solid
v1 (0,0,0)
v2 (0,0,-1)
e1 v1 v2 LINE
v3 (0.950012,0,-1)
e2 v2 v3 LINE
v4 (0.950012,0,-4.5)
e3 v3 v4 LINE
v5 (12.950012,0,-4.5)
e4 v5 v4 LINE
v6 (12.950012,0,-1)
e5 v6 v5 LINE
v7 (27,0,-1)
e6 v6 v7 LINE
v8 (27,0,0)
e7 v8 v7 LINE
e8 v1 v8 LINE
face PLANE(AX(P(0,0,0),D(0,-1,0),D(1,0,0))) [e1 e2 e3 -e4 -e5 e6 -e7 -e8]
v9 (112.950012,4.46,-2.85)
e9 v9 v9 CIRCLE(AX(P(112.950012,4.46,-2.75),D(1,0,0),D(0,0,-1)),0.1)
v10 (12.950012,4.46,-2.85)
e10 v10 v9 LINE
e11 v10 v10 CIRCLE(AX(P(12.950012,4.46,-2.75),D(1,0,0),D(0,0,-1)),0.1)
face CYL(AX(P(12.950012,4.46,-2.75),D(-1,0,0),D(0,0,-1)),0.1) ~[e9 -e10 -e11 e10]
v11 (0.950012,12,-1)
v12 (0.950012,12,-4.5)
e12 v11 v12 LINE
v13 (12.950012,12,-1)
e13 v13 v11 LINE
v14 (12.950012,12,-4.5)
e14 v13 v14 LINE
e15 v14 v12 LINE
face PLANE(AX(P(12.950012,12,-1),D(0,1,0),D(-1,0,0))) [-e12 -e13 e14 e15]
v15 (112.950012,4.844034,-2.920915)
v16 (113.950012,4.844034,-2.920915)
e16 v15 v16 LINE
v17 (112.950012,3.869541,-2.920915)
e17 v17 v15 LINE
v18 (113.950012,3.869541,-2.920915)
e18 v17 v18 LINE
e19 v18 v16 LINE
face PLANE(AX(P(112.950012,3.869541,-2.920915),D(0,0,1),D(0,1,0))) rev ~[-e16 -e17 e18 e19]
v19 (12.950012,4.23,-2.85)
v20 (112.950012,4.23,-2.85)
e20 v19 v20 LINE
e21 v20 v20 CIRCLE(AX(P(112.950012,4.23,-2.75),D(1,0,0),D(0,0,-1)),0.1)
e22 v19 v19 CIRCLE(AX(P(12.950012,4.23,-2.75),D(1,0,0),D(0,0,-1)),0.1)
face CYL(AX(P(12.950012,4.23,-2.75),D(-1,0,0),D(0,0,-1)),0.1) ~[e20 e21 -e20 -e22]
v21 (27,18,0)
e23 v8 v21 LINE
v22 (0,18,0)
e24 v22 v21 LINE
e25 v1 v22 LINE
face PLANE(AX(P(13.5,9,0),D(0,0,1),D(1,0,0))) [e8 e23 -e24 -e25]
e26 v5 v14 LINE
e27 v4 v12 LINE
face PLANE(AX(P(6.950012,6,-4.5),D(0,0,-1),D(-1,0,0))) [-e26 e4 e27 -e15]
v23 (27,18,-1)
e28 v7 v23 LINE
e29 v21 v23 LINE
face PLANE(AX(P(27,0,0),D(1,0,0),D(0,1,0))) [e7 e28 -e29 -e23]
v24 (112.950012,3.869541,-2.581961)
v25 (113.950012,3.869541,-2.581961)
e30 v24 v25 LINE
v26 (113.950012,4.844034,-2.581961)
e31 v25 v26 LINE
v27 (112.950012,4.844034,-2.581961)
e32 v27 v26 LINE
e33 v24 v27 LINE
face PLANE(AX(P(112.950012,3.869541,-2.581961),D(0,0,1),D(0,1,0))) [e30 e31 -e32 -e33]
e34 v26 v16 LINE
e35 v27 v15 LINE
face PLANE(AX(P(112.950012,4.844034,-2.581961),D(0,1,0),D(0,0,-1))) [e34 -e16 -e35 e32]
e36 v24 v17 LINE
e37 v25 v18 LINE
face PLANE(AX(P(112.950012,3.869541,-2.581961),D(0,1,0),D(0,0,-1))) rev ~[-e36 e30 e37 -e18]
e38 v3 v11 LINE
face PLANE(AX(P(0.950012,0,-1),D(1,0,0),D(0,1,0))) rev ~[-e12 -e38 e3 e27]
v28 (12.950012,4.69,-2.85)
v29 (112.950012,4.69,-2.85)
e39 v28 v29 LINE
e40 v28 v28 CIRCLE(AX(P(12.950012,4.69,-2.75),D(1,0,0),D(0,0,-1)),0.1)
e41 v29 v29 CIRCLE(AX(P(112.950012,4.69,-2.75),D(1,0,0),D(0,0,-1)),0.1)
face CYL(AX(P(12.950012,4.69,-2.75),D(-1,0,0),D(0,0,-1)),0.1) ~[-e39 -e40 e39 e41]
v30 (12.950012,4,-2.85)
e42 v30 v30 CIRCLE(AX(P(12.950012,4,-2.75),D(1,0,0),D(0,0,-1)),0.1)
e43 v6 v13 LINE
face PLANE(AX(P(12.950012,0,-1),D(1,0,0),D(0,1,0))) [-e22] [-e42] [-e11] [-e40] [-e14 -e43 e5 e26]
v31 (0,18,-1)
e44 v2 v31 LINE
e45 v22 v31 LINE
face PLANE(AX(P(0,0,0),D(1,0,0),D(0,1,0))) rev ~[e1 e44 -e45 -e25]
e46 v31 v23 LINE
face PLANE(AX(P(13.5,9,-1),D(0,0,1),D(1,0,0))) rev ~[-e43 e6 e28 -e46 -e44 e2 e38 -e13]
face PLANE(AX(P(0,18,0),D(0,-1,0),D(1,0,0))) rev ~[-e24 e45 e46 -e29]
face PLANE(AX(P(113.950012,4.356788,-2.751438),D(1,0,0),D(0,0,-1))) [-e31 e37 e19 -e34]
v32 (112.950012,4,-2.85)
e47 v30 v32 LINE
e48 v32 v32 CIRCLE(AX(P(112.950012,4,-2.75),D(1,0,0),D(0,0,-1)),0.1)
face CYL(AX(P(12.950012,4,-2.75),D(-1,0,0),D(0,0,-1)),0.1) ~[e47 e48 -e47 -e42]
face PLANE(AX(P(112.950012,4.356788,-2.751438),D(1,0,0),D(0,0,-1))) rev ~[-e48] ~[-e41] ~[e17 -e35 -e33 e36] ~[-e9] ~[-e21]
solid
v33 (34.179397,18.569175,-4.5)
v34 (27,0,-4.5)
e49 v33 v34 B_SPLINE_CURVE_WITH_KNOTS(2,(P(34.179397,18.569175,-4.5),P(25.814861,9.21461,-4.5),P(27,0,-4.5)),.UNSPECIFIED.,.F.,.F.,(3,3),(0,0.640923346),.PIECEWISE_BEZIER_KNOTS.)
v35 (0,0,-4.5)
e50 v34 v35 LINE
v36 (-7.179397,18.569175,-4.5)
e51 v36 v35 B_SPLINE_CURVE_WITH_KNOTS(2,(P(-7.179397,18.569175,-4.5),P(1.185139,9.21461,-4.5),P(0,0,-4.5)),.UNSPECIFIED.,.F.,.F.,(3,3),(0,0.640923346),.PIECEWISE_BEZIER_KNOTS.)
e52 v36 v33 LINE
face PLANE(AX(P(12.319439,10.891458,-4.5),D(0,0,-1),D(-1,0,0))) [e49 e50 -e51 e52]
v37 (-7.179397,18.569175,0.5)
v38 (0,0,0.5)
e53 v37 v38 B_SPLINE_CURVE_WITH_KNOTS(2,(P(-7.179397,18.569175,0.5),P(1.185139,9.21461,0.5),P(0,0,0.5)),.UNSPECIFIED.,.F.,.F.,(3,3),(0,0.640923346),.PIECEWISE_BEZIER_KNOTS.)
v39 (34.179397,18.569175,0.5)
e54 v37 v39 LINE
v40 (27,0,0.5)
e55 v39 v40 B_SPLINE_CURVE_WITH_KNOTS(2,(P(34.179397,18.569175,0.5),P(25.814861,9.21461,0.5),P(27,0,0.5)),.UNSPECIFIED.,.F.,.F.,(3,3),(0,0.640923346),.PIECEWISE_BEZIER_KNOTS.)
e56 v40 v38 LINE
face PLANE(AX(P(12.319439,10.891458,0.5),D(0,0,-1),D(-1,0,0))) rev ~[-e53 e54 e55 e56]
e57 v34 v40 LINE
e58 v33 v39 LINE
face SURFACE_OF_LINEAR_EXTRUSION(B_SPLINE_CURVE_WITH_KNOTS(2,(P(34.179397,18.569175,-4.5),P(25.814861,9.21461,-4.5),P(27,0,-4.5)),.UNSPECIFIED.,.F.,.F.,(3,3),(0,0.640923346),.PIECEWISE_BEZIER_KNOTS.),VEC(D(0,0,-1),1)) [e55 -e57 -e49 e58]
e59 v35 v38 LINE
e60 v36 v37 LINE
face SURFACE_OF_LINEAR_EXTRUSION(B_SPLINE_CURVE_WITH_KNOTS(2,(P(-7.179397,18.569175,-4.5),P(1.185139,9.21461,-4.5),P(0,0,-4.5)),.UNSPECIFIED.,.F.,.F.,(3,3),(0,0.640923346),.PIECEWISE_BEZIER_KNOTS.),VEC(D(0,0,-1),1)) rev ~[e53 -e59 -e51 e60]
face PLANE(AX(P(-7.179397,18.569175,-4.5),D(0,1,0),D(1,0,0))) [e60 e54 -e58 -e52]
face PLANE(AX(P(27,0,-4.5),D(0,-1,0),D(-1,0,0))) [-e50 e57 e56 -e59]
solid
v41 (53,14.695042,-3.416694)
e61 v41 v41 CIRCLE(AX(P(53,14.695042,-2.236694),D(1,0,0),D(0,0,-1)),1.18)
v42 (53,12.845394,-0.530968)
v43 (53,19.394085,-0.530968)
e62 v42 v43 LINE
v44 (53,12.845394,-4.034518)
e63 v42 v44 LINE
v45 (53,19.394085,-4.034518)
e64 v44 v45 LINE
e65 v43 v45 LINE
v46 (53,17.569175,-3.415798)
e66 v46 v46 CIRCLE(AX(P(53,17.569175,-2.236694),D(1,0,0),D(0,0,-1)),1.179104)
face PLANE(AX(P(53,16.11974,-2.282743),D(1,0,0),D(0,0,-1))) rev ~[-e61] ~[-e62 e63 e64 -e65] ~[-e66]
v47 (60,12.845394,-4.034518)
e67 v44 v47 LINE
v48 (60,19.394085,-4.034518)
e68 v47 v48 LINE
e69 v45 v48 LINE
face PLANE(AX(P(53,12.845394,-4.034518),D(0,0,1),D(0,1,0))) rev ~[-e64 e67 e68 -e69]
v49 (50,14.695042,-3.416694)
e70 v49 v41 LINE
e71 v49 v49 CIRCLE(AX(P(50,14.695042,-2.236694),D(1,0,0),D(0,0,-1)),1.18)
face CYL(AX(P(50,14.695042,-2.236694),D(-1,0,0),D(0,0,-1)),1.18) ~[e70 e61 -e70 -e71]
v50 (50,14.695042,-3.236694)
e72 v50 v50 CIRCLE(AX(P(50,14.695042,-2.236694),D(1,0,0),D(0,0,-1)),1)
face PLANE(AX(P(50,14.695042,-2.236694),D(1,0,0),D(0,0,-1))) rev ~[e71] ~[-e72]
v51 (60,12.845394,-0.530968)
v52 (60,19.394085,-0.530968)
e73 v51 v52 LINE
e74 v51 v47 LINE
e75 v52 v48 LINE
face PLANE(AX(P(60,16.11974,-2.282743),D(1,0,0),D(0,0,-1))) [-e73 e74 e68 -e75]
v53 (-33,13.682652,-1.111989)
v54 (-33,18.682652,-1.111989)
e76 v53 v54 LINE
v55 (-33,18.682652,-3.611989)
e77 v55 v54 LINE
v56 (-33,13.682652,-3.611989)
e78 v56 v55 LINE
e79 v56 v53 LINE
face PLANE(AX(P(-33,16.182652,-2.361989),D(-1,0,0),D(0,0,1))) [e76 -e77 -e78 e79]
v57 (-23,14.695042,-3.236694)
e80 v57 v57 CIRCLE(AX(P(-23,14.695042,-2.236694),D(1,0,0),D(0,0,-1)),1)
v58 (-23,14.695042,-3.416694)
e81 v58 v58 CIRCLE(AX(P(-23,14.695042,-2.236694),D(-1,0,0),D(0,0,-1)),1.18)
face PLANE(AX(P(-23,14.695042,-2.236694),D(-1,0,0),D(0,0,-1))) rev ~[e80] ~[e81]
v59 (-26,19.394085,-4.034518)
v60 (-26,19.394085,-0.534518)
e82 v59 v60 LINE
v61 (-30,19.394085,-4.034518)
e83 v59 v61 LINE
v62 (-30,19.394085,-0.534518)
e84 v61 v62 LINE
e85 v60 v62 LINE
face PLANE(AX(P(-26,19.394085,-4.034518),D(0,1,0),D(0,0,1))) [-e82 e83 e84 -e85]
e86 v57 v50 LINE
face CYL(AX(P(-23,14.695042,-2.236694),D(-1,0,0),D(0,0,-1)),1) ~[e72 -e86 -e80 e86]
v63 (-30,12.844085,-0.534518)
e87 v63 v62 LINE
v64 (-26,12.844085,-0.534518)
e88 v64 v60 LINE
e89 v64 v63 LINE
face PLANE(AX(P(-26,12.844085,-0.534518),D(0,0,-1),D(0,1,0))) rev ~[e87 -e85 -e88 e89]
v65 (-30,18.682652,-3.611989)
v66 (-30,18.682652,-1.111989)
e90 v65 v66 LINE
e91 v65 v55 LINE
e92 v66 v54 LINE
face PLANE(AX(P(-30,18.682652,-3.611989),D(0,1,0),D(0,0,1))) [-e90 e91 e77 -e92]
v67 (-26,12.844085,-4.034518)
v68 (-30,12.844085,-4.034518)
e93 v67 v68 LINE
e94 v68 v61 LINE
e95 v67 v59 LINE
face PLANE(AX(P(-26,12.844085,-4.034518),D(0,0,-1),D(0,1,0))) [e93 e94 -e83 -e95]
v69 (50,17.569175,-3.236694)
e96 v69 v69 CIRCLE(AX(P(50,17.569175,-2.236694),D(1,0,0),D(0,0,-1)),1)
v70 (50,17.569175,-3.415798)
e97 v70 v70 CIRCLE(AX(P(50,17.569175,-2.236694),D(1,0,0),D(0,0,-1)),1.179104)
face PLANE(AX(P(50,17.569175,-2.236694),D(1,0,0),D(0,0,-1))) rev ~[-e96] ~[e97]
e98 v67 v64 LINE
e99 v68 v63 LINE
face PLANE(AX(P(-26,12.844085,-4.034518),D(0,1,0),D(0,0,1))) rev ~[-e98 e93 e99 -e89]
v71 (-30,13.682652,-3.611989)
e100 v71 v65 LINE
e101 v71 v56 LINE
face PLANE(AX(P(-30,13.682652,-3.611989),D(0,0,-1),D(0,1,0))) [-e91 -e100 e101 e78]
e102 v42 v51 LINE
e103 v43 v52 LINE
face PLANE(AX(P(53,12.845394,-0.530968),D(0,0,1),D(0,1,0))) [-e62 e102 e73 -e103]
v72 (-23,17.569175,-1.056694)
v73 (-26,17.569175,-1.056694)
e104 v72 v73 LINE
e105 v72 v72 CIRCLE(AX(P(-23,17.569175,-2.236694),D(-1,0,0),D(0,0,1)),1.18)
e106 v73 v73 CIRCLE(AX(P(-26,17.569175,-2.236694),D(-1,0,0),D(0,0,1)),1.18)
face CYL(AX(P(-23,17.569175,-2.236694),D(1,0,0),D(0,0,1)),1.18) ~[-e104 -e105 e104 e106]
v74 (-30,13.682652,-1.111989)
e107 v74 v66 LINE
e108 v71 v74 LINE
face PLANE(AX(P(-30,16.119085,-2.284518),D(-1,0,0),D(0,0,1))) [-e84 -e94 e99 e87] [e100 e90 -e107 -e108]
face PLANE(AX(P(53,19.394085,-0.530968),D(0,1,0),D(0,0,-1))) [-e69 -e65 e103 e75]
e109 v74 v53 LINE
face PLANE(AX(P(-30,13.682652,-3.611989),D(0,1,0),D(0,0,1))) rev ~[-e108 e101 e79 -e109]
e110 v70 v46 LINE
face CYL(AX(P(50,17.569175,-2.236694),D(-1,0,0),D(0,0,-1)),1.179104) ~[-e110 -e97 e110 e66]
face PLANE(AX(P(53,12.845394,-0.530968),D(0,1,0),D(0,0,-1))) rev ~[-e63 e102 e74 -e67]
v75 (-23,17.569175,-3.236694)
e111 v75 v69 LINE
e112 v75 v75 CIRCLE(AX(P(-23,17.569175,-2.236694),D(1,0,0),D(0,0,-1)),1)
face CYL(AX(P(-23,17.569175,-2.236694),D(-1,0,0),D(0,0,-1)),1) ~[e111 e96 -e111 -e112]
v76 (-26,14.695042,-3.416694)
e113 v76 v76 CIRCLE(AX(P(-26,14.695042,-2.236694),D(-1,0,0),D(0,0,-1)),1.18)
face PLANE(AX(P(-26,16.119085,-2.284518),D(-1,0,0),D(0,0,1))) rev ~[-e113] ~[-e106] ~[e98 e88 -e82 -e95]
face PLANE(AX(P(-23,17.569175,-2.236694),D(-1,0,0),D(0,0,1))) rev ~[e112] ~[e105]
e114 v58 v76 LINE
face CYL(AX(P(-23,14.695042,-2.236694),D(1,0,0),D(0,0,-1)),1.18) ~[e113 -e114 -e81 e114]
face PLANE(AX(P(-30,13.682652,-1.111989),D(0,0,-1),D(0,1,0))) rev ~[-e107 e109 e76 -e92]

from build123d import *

# Parameters (mm, degrees)
SKETCH1_W                   = 27
SKETCH1_H                   = 18
BOSS_EXTRUDE8_DEPTH         = 1
SKETCH8_W                   = 12
SKETCH8_H                   = 12
BOSS_EXTRUDE10_DEPTH        = 3.5
BOSS_EXTRUDE11_DEPTH        = 23
BOSS_EXTRUDE11_DEPTH_BACK   = 50
SKETCH9_R                   = 1
BOSS_EXTRUDE11_2_DEPTH      = 23
BOSS_EXTRUDE11_2_DEPTH_BACK = 50
SKETCH10_R                  = 1.179103969
SKETCH10_R_2                = 1.18
BOSS_EXTRUDE12_DEPTH        = 3
SKETCH11_R                  = 1.18
BOSS_EXTRUDE13_DEPTH        = 3
SKETCH12_W                  = 3.503549992
SKETCH12_H                  = 6.548691573
BOSS_EXTRUDE14_DEPTH        = 7
SKETCH13_W                  = 3.5
SKETCH13_H                  = 6.55
BOSS_EXTRUDE15_DEPTH        = 4
SKETCH14_W                  = 2.5
SKETCH14_H                  = 5
BOSS_EXTRUDE16_DEPTH        = 3
SKETCH15_R                  = 0.1
BOSS_EXTRUDE20_DEPTH        = 100
SKETCH16_W                  = 0.338953989
SKETCH16_H                  = 0.974492718
BOSS_EXTRUDE21_DEPTH        = 1
SKETCH17_W                  = 12
SKETCH17_H                  = 12
BOSS_EXTRUDE22_DEPTH        = 5


with BuildPart() as part:
    # Sketch1 → Boss-Extrude8 (new body)
    with BuildSketch(Plane.XY):
        with Locations((13.5, 9)):
            Rectangle(SKETCH1_W, SKETCH1_H)
    extrude(amount=-BOSS_EXTRUDE8_DEPTH)

    # Sketch8 → Boss-Extrude10 (add)
    with BuildSketch(Plane(origin=(0, 0, -1), x_dir=(-1, 0, 0), z_dir=(0, 0, -1))):
        with Locations((-6.950011558, 6)):
            Rectangle(SKETCH8_W, SKETCH8_H)
    extrude(amount=BOSS_EXTRUDE10_DEPTH)

    # Sketch15 → Boss-Extrude20 (add)
    with BuildSketch(Plane(origin=(12.950011558, 0, 0), x_dir=(0, 0, -1), z_dir=(1, 0, 0))):
        with Locations((2.75, 4.69)):
            Circle(SKETCH15_R)
        with Locations((2.75, 4.46)):
            Circle(SKETCH15_R)
        with Locations((2.75, 4.23)):
            Circle(SKETCH15_R)
        with Locations((2.75, 4)):
            Circle(SKETCH15_R)
    extrude(amount=BOSS_EXTRUDE20_DEPTH)

    # Sketch16 → Boss-Extrude21 (add)
    with BuildSketch(Plane(origin=(112.950011558, 0, 0), x_dir=(0, 0, -1), z_dir=(1, 0, 0))):
        with Locations((2.751438269, 4.356787815)):
            Rectangle(SKETCH16_W, SKETCH16_H)
    extrude(amount=BOSS_EXTRUDE21_DEPTH)


with BuildPart() as body_2:
    # Sketch9 → Boss-Extrude11 (new, two sides: drawn at the far end of the back side and taken through both)
    with BuildSketch(Plane(origin=(27, 0, 0), x_dir=(0, 0, -1), z_dir=(1, 0, 0)).offset(-BOSS_EXTRUDE11_DEPTH_BACK)):
        with Locations((2.236693828, 17.569174757)):
            Circle(SKETCH9_R)
    extrude(amount=BOSS_EXTRUDE11_DEPTH + BOSS_EXTRUDE11_DEPTH_BACK)



with BuildPart() as body_3:
    # Sketch9 → Boss-Extrude11 2 (new, two sides: drawn at the far end of the back side and taken through both)
    with BuildSketch(Plane(origin=(27, 0, 0), x_dir=(0, 0, -1), z_dir=(1, 0, 0)).offset(-BOSS_EXTRUDE11_2_DEPTH_BACK)):
        with Locations((2.236693828, 14.695041609)):
            Circle(SKETCH9_R)
    extrude(amount=BOSS_EXTRUDE11_2_DEPTH + BOSS_EXTRUDE11_2_DEPTH_BACK)


with BuildPart() as body_2_1:
    add(body_2.part)

    add(body_3.part)  # Boss-Extrude12 merges body 3
    # Sketch10 → Boss-Extrude12 (add)
    with BuildSketch(Plane(origin=(50, 0, 0), x_dir=(0, 0, -1), z_dir=(1, 0, 0))):
        with Locations((2.236693828, 17.569174757)):
            Circle(SKETCH10_R)
        with Locations((2.236693828, 14.695041609)):
            Circle(SKETCH10_R_2)
    extrude(amount=BOSS_EXTRUDE12_DEPTH)

    # Sketch11 → Boss-Extrude13 (add)
    with BuildSketch(Plane.ZY.offset(23)):
        with Locations((-2.236693828, 17.569174757)):
            Circle(SKETCH11_R)
        with Locations(Location((-2.236693828, 14.695041609, 0), (0, 0, 180))):
            Circle(SKETCH11_R)
    extrude(amount=BOSS_EXTRUDE13_DEPTH)

    # Sketch12 → Boss-Extrude14 (add)
    with BuildSketch(Plane(origin=(53, 0, 0), x_dir=(0, 0, -1), z_dir=(1, 0, 0))):
        with Locations((2.282743458, 16.119739699)):
            Rectangle(SKETCH12_W, SKETCH12_H)
    extrude(amount=BOSS_EXTRUDE14_DEPTH)

    # Sketch13 → Boss-Extrude15 (add)
    with BuildSketch(Plane.ZY.offset(26)):
        with Locations((-2.284518454, 16.119085485)):
            Rectangle(SKETCH13_W, SKETCH13_H)
    extrude(amount=BOSS_EXTRUDE15_DEPTH)

    # Sketch14 → Boss-Extrude16 (add)
    with BuildSketch(Plane.ZY.offset(30)):
        with Locations((-2.361988806, 16.182652091)):
            Rectangle(SKETCH14_W, SKETCH14_H)
    extrude(amount=BOSS_EXTRUDE16_DEPTH)


with BuildPart() as body_3_2:
    # Sketch17 → Boss-Extrude22 (new body)
    with BuildSketch(Plane(origin=(0, 0, -4.5), x_dir=(-1, 0, 0), z_dir=(0, 0, -1))):
        with BuildLine():
            add(Edge.make_bspline(
                [(-34.179396659, 18.569174757), (-25.814861156, 9.21461033), (-27, 0)],
                knots=[0, 0, 0, 0.640923346, 0.640923346, 0.640923346], degree=2))
            Line((-27, 0), (-12.950011558, 0))
            Line((-12.950011558, 0), (-12.950011558, 12))
            Line((-12.950011558, 12), (-0.950011558, 12))
            Line((-0.950011558, 12), (-0.950011558, 0))
            Line((-0.950011558, 0), (0, 0))
            add(Edge.make_bspline(
                [(7.179396659, 18.569174757), (-1.185138844, 9.21461033), (0, 0)],
                knots=[0, 0, 0, 0.640923346, 0.640923346, 0.640923346], degree=2))
            Line((7.179396659, 18.569174757), (0, 18.569174757))
            Line((0, 18.569174757), (-27, 18.569174757))
            Line((-27, 18.569174757), (-34.179396659, 18.569174757))
        make_face()
        with Locations((-6.950011558, 6)):
            Rectangle(SKETCH17_W, SKETCH17_H)
    extrude(amount=-BOSS_EXTRUDE22_DEPTH)


solid = Compound([part.part, body_2_1.part, body_3_2.part])
